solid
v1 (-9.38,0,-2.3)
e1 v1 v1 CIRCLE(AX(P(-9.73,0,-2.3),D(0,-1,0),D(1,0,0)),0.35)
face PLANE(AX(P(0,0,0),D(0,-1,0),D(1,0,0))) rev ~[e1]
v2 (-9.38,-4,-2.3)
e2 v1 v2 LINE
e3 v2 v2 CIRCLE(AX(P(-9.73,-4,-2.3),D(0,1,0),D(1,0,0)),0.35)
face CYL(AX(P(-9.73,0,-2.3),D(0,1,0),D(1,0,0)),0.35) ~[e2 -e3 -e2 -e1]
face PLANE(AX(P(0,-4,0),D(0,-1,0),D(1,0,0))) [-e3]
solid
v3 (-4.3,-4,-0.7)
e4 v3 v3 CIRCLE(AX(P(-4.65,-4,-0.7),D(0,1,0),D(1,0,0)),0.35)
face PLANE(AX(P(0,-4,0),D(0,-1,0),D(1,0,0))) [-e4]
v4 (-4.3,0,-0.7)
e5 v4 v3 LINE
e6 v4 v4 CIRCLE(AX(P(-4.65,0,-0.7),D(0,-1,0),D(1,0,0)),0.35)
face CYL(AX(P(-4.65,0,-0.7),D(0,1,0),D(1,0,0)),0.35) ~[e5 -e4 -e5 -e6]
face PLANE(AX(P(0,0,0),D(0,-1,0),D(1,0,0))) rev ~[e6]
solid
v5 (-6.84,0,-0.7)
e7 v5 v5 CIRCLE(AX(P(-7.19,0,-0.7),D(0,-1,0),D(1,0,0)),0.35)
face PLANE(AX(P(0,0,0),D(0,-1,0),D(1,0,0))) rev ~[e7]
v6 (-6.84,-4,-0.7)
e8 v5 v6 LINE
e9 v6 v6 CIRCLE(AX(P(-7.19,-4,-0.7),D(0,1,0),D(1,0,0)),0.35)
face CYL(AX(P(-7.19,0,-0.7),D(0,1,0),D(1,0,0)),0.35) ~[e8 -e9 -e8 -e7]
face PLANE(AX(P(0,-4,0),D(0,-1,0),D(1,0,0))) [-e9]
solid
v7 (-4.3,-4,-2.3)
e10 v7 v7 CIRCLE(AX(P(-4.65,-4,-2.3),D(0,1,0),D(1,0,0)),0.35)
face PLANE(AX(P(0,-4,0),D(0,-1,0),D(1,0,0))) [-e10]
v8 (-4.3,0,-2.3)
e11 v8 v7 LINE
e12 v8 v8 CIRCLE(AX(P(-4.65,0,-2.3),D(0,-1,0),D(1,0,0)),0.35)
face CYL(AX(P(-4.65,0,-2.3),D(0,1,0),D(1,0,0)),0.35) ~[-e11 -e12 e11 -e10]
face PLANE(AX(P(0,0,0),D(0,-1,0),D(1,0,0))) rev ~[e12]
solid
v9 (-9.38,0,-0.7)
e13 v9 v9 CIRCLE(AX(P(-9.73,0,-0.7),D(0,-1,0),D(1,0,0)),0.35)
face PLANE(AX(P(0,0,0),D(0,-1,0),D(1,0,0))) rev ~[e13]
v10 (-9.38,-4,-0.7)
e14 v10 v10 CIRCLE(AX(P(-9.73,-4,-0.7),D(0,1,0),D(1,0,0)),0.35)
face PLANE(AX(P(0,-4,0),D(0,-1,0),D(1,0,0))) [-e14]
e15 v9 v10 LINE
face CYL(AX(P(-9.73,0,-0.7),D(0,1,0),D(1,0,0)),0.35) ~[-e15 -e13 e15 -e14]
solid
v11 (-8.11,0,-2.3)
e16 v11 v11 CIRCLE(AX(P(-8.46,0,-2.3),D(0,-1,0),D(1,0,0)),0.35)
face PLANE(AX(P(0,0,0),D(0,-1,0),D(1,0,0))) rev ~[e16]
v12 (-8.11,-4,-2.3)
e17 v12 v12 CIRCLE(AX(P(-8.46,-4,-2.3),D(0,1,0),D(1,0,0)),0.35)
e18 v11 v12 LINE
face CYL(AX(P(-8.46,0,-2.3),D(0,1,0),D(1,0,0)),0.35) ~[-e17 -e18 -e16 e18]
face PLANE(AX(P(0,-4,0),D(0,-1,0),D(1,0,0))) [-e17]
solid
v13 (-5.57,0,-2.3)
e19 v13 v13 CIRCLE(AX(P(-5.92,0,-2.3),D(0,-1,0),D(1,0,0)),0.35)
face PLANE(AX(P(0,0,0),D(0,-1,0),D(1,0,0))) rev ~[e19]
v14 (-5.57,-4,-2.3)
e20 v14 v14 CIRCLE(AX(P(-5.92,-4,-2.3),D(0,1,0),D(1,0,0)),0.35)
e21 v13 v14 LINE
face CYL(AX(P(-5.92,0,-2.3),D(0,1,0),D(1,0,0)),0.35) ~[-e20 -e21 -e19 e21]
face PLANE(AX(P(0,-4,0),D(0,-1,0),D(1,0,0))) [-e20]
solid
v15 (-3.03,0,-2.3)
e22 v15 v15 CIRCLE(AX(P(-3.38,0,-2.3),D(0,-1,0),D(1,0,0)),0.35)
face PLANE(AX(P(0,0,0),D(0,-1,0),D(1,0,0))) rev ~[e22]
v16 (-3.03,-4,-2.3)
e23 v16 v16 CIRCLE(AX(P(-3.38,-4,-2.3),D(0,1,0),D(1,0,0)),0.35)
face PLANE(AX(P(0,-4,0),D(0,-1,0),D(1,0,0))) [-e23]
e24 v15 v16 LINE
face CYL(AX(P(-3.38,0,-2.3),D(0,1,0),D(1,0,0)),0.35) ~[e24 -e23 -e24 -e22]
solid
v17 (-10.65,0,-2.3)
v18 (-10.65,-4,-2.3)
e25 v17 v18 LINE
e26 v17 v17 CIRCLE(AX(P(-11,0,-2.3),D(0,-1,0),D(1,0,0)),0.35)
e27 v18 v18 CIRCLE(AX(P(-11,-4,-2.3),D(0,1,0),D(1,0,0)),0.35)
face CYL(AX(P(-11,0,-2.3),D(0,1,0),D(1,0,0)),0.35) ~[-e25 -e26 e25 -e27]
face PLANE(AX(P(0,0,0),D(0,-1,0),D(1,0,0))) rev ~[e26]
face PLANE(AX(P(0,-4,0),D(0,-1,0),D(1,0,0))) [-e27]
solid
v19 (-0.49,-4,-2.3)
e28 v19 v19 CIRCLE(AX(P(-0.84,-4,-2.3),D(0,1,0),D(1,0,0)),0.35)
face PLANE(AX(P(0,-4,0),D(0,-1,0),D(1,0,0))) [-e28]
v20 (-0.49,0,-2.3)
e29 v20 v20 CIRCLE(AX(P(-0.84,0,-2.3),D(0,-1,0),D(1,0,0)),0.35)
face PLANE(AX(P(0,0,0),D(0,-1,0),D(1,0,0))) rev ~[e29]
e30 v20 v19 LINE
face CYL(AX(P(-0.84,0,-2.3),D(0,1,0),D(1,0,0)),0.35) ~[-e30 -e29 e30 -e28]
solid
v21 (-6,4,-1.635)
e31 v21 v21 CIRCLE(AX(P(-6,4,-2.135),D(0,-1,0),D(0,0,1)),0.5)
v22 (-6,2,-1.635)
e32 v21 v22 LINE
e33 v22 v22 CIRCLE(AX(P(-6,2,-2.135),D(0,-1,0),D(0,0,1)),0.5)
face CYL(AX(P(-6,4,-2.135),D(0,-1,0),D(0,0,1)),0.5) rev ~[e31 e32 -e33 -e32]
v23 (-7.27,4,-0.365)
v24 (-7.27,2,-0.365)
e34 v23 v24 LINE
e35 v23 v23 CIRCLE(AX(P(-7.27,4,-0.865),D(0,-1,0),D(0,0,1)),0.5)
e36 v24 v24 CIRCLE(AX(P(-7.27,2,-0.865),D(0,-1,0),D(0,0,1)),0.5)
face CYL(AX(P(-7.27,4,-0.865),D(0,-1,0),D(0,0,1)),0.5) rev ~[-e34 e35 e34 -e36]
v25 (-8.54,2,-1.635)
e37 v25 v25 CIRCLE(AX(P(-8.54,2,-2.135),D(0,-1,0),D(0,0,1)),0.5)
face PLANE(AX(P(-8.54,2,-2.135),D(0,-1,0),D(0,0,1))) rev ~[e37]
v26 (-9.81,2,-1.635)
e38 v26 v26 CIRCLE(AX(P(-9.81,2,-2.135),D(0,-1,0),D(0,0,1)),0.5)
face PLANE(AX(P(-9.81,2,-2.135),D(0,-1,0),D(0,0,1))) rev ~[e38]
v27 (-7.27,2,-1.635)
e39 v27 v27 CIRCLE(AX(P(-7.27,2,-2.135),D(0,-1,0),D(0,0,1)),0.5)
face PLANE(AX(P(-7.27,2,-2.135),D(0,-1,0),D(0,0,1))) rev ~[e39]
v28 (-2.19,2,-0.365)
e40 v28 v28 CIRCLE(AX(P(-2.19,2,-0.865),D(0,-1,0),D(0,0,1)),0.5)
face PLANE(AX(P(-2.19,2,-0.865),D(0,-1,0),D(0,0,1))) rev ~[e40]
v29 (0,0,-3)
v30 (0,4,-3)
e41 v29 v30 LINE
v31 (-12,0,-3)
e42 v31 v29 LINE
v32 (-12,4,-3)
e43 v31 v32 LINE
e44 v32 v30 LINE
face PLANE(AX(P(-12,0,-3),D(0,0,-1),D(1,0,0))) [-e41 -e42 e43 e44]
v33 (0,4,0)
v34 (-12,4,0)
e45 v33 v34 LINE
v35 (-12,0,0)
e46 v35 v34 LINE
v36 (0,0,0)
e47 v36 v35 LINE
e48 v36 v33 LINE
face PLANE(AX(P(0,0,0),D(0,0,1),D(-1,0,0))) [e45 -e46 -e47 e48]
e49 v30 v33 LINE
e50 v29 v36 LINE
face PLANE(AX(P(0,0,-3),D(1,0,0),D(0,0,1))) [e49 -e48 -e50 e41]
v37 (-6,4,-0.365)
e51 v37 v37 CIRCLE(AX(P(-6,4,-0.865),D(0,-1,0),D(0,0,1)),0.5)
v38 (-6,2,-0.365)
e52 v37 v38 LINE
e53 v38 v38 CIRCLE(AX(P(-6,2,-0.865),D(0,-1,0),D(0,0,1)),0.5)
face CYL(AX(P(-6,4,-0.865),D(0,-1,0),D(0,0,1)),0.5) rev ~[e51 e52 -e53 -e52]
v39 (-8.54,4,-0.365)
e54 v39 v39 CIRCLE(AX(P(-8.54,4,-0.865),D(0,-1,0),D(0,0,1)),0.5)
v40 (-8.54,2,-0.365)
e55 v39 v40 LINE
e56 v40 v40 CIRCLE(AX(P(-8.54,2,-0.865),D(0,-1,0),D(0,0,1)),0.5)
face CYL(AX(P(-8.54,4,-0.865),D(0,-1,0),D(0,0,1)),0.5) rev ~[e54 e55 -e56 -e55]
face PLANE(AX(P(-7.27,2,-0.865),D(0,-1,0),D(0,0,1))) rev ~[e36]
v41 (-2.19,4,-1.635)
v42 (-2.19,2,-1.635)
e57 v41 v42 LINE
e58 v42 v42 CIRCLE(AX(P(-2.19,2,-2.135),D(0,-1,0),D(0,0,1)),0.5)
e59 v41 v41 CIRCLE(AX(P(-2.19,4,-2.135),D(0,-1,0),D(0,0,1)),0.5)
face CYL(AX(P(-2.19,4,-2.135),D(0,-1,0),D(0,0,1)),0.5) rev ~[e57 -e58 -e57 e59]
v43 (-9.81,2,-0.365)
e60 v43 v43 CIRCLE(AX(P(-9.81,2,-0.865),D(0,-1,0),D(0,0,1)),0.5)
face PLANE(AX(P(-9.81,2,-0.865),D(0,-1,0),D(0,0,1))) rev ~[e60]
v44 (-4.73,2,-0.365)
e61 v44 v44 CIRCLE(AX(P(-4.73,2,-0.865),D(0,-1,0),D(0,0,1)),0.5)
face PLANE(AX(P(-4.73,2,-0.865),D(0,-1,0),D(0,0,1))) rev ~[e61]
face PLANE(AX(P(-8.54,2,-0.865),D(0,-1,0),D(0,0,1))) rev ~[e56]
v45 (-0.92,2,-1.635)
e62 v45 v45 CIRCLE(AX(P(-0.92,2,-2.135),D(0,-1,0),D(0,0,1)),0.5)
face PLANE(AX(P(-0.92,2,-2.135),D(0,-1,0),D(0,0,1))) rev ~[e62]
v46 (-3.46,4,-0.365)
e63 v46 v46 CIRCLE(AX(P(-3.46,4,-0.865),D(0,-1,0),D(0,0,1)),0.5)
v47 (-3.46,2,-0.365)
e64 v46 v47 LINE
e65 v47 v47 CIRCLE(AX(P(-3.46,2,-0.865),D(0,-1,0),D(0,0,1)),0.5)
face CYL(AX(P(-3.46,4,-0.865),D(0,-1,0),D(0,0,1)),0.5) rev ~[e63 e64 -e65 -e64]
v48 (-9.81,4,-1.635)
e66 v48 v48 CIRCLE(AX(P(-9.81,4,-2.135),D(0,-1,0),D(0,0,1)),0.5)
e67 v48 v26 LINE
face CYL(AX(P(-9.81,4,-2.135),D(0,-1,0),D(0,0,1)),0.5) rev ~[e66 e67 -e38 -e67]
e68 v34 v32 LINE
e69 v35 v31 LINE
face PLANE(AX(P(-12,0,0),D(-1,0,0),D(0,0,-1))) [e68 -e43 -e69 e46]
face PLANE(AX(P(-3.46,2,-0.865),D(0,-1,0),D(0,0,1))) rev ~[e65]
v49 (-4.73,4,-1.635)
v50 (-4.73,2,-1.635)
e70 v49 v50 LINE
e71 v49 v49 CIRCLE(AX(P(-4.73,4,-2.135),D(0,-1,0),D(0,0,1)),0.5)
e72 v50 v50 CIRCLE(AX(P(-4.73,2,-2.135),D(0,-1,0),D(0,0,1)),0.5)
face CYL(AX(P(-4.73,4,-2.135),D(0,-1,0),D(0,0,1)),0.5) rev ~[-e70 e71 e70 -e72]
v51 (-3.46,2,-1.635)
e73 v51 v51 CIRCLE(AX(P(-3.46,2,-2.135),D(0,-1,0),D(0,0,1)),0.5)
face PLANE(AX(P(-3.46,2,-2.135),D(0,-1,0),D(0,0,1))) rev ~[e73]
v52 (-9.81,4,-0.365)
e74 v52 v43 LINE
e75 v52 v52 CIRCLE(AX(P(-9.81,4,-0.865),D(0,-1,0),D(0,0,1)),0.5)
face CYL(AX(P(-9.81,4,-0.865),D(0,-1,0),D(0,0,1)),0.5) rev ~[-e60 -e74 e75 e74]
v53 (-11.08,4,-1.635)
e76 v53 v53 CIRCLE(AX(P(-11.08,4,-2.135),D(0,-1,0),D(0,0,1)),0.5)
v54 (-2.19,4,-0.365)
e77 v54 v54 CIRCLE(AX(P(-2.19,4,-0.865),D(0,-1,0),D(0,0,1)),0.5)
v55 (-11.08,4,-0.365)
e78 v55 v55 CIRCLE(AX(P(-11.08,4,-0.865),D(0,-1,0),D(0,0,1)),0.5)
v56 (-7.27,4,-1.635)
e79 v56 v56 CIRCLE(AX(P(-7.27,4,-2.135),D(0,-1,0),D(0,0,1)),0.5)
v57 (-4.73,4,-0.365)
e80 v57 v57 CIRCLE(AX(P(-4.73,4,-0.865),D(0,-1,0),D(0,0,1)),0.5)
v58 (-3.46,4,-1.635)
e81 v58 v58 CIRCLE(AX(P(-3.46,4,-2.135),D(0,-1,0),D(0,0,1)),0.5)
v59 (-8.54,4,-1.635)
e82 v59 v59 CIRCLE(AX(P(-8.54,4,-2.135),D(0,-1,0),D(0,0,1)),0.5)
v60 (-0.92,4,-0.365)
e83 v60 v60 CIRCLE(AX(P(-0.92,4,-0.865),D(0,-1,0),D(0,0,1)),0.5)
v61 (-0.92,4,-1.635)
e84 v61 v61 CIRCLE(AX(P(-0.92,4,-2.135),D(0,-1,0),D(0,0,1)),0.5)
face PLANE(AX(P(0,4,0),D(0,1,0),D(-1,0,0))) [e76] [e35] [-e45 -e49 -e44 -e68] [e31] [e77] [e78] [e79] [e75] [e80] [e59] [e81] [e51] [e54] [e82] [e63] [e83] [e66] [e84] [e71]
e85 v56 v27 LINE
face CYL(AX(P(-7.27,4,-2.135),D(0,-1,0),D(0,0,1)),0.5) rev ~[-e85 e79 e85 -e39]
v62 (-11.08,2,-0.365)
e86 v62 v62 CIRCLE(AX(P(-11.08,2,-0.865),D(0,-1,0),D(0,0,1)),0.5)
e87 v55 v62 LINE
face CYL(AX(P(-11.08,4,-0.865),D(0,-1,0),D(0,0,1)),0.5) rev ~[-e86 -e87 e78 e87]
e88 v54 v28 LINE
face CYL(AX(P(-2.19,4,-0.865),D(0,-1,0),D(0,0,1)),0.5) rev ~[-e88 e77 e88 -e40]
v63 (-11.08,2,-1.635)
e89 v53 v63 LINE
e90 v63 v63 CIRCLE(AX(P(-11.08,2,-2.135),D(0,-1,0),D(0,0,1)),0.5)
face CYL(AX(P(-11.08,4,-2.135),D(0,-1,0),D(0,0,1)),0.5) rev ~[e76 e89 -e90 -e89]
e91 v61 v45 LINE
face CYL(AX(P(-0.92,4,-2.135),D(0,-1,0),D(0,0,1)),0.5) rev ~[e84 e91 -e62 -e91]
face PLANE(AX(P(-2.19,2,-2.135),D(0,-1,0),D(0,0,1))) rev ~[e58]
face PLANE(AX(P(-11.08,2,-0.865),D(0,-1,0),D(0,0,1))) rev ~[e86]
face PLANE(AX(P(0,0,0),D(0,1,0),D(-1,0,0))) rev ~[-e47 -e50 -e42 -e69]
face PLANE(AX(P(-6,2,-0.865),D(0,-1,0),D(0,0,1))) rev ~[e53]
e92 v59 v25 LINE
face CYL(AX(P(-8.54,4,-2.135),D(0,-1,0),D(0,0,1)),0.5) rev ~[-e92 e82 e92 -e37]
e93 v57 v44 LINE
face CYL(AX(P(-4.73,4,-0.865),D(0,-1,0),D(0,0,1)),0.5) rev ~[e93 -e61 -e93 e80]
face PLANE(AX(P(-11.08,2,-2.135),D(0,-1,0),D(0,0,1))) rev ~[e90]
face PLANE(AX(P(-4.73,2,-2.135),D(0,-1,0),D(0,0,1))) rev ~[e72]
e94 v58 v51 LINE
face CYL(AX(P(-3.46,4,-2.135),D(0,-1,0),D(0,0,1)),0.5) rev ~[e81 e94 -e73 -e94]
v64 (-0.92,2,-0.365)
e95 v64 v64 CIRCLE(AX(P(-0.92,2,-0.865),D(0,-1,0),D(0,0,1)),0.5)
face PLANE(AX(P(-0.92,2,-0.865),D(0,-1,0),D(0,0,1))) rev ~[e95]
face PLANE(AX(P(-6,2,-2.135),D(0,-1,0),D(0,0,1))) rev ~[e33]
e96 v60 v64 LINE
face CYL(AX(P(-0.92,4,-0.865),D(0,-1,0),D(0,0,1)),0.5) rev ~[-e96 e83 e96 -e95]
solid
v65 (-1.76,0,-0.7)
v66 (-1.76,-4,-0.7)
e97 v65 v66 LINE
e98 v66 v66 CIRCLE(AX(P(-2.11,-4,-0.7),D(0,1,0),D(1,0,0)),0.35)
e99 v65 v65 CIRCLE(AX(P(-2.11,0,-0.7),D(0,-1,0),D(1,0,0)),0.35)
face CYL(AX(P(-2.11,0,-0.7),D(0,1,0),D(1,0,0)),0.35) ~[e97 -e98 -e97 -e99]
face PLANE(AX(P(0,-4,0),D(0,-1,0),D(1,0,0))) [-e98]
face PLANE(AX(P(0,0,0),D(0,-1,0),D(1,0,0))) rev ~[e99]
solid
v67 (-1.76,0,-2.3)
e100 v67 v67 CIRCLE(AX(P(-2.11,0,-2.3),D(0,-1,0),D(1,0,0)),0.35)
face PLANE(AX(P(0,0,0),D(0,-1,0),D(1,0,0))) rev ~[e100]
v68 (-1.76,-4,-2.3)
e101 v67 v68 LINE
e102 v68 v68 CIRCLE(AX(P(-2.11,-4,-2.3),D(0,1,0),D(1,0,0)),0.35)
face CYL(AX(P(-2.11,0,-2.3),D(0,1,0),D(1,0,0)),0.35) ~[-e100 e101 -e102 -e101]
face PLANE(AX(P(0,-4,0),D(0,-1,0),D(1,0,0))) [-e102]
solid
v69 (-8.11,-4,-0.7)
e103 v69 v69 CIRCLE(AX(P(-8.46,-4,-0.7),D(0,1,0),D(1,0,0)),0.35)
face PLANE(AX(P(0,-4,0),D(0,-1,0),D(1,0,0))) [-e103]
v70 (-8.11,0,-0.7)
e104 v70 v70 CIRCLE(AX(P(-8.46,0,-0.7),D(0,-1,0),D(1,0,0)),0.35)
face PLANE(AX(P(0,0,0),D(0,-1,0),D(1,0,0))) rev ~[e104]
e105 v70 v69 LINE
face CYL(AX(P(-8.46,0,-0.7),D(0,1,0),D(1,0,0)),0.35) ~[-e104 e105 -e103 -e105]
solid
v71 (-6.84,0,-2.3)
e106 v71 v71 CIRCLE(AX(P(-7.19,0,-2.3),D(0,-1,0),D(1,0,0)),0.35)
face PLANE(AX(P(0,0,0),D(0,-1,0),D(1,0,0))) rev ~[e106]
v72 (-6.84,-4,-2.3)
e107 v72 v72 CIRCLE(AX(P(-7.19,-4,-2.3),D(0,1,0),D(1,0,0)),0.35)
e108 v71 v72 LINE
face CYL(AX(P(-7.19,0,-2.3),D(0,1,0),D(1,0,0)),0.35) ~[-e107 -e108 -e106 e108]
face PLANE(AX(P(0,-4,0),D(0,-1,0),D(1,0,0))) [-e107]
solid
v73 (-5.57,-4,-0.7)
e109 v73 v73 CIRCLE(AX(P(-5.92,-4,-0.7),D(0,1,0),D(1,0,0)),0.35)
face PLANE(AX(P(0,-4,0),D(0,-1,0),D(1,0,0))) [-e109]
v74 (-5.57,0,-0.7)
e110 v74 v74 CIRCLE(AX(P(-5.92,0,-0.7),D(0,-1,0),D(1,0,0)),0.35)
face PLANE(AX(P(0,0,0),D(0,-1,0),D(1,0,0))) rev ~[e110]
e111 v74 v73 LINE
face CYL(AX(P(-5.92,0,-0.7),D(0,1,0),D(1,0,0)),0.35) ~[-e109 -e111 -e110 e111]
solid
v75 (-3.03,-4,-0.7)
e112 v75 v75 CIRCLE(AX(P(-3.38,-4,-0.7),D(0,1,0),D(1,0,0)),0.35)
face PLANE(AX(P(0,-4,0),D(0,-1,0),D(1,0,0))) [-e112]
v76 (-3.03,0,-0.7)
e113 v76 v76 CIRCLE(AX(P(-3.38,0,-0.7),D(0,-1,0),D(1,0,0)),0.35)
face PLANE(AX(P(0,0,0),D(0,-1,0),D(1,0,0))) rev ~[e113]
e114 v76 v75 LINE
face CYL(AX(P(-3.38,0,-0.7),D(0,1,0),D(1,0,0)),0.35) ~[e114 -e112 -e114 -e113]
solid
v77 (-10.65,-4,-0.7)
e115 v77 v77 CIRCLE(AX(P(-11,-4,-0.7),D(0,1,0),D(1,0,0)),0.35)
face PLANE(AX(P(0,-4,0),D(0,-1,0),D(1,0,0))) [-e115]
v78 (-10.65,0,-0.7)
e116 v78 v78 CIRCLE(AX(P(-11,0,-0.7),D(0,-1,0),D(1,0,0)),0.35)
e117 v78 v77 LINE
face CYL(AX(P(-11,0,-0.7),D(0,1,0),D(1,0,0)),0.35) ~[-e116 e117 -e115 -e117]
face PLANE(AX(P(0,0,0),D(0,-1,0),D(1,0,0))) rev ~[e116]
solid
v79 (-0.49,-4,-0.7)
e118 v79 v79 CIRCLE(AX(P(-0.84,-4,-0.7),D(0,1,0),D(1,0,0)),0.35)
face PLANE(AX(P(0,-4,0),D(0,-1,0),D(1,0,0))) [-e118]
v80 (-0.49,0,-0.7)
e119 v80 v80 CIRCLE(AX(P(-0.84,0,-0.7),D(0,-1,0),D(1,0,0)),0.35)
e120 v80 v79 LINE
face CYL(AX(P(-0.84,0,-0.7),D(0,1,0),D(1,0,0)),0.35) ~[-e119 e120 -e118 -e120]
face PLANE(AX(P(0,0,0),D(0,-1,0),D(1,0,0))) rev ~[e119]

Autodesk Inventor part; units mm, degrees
ref_plane "YZ Plane" through (0, 0, 0) normal (1, 0, 0) x (0, 1, 0)
ref_plane "XZ Plane" through (0, 0, 0) normal (0, 1, 0) x (-1, 0, 0)
ref_plane "XY Plane" through (0, 0, 0) normal (0, 0, 1) x (1, 0, 0)
sketch "스케치1" plane through (0, 0, 0) normal (0, 1, 0) x (-1, 0, 0)
  line L0 (0, 0) -> (12, 0)
  line L1 (12, 0) -> (12, -3)
  line L2 (12, -3) -> (0, -3)
  line L3 (0, -3) -> (0, 0)
  dimension "d0" = 12
  dimension "d1" = 3
extrude "돌출1" add sketch "스케치1" along normal blind 4
sketch "스케치2" plane through (0, 4, 0) normal (0, 1, 0) x (1, 0, 0)
  line L0 (-12, 0) -> (0, 0) projected
  line L1 (0, 0) -> (0, 3) projected
  line L2 (0, 3) -> (-12, 3) projected
  line L3 (-12, 3) -> (-12, 0) projected
  point P0 (-11.08, 0.865)
  point P1 (-9.81, 0.865)
  point P2 (-8.54, 0.865)
  point P3 (-7.27, 0.865)
  point P4 (-6, 0.865)
  point P5 (-4.73, 0.865)
  point P6 (-3.46, 0.865)
  point P7 (-2.19, 0.865)
  point P8 (-0.92, 0.865)
  point P9 (-11.08, 2.135)
  point P10 (-9.81, 2.135)
  point P11 (-8.54, 2.135)
  point P12 (-7.27, 2.135)
  point P13 (-6, 2.135)
  point P14 (-4.73, 2.135)
  point P15 (-3.46, 2.135)
  point P16 (-2.19, 2.135)
  point P17 (-0.92, 2.135)
  dimension "d6" = 1.27
  dimension "d9" = 1.27
  dimension "d12" = 0.865
  dimension "d13" = 0.865
  dimension "d14" = 0.92
  dimension "d15" = 0.92
hole "구멍1" at (-11.08, 4, -0.865) at (-9.81, 4, -0.865) at (-8.54, 4, -0.865) at (-7.27, 4, -0.865) at (-6, 4, -0.865) at (-4.73, 4, -0.865) at (-3.46, 4, -0.865) at (-2.19, 4, -0.865) at (-0.92, 4, -0.865) at (-11.08, 4, -2.135) at (-9.81, 4, -2.135) at (-8.54, 4, -2.135) at (-7.27, 4, -2.135) at (-6, 4, -2.135) at (-4.73, 4, -2.135) at (-3.46, 4, -2.135) at (-2.19, 4, -2.135) at (-0.92, 4, -2.135) direction (0, -1, 0) diameter 1 depth 2
sketch "스케치3" plane through (0, 0, 0) normal (0, -1, 0) x (1, 0, 0)
  circle A0 centre (-2.19, -2.135) radius 0.5 projected
  circle A1 centre (-4.73, -2.135) radius 0.5 projected
  circle A2 centre (-7.27, -2.135) radius 0.5 projected
  circle A3 centre (-9.81, -2.135) radius 0.5 projected
  circle A4 centre (-0.92, -0.865) radius 0.5 projected
  circle A5 centre (-3.46, -0.865) radius 0.5 projected
  circle A6 centre (-6, -0.865) radius 0.5 projected
  circle A7 centre (-8.54, -0.865) radius 0.5 projected
  circle A8 centre (-11.08, -0.865) radius 0.5 projected
  circle A9 centre (-9.81, -0.865) radius 0.5 projected
  circle A10 centre (-7.27, -0.865) radius 0.5 projected
  circle A11 centre (-4.73, -0.865) radius 0.5 projected
  circle A12 centre (-2.19, -0.865) radius 0.5 projected
  circle A13 centre (-11.08, -2.135) radius 0.5 projected
  circle A14 centre (-8.54, -2.135) radius 0.5 projected
  circle A15 centre (-6, -2.135) radius 0.5 projected
  circle A16 centre (-3.46, -2.135) radius 0.5 projected
  circle A17 centre (-0.92, -2.135) radius 0.5 projected
  line L0 (-12, 0) -> (0, 0) projected
  line L1 (0, 0) -> (0, -3) projected
  line L2 (0, -3) -> (-12, -3) projected
  line L3 (-12, -3) -> (-12, 0) projected
  circle A18 centre (-11, -2.3) radius 0.35
  circle A19 centre (-9.73, -2.3) radius 0.35
  circle A20 centre (-8.46, -2.3) radius 0.35
  circle A21 centre (-7.19, -2.3) radius 0.35
  circle A22 centre (-5.92, -2.3) radius 0.35
  circle A23 centre (-4.65, -2.3) radius 0.35
  circle A24 centre (-3.38, -2.3) radius 0.35
  circle A25 centre (-2.11, -2.3) radius 0.35
  circle A26 centre (-0.84, -2.3) radius 0.35
  circle A27 centre (-11, -0.7) radius 0.35
  circle A28 centre (-9.73, -0.7) radius 0.35
  circle A29 centre (-8.46, -0.7) radius 0.35
  circle A30 centre (-7.19, -0.7) radius 0.35
  circle A31 centre (-5.92, -0.7) radius 0.35
  circle A32 centre (-4.65, -0.7) radius 0.35
  circle A33 centre (-3.38, -0.7) radius 0.35
  circle A34 centre (-2.11, -0.7) radius 0.35
  circle A35 centre (-0.84, -0.7) radius 0.35
  dimension "d23" = 1.27
  dimension "d24" = 0.7
  dimension "d27" = 1.27
  dimension "d30" = 1.6
  dimension "d33" = 0.9
  dimension "d34" = 0.7
  dimension "d35" = 0.7
  dimension "d36" = 1
extrude "돌출2" add sketch "스케치3" along normal blind 4 separate body contours A25 A0 | A0 A25 | A23 A1 | A1 A23 | A21 A2 | A2 A21 | A19 A3 | A3 A19 | A35 A4 | A4 A35 | A33 A5 | A5 A33 | A31 A6 | A6 A31 | A29 A7 | A7 A29 | A27 A8 | A8 A27 | A28 A9 | A9 A28 | A30 A10 | A10 A30 | A32 A11 | A11 A32 | A34 A12 | A12 A34 | A18 A13 | A13 A18 | A20 A14 | A14 A20 | A22 A15 | A15 A22 | A24 A16 | A16 A24 | A26 A17 | A17 A26 picked at (-2.1777, -2.1932) picked at (-1.9214, -2.5663) picked at (-4.7177, -2.1932) picked at (-4.4614, -2.5663) picked at (-7.2577, -2.1932) picked at (-7.0014, -2.5663) picked at (-9.7977, -2.1932) picked at (-9.5414, -2.5663) picked at (-0.9077, -0.8068) picked at (-0.6514, -0.4337) picked at (-3.4477, -0.8068) picked at (-3.1914, -0.4337) picked at (-5.9877, -0.8068) picked at (-5.7314, -0.4337) picked at (-8.5277, -0.8068) picked at (-8.2714, -0.4337) picked at (-11.0677, -0.8068) picked at (-10.9077, -0.387) picked at (-9.7977, -0.8068) picked at (-9.6377, -0.387) picked at (-7.2577, -0.8068) picked at (-7.0014, -0.4337) picked at (-4.7177, -0.8068) picked at (-4.4614, -0.4337) picked at (-2.1777, -0.8068) picked at (-2.0177, -0.387) picked at (-11.0677, -2.1932) picked at (-10.8114, -2.5663) picked at (-8.5277, -2.1932) picked at (-8.2714, -2.5663) picked at (-5.9877, -2.1932) picked at (-5.7314, -2.5663) picked at (-3.4477, -2.1932) picked at (-3.1914, -2.5663) picked at (-0.9077, -2.1932) picked at (-0.6514, -2.5663)
equation "\"d14\" = d15"
properties part number "Millmax"
